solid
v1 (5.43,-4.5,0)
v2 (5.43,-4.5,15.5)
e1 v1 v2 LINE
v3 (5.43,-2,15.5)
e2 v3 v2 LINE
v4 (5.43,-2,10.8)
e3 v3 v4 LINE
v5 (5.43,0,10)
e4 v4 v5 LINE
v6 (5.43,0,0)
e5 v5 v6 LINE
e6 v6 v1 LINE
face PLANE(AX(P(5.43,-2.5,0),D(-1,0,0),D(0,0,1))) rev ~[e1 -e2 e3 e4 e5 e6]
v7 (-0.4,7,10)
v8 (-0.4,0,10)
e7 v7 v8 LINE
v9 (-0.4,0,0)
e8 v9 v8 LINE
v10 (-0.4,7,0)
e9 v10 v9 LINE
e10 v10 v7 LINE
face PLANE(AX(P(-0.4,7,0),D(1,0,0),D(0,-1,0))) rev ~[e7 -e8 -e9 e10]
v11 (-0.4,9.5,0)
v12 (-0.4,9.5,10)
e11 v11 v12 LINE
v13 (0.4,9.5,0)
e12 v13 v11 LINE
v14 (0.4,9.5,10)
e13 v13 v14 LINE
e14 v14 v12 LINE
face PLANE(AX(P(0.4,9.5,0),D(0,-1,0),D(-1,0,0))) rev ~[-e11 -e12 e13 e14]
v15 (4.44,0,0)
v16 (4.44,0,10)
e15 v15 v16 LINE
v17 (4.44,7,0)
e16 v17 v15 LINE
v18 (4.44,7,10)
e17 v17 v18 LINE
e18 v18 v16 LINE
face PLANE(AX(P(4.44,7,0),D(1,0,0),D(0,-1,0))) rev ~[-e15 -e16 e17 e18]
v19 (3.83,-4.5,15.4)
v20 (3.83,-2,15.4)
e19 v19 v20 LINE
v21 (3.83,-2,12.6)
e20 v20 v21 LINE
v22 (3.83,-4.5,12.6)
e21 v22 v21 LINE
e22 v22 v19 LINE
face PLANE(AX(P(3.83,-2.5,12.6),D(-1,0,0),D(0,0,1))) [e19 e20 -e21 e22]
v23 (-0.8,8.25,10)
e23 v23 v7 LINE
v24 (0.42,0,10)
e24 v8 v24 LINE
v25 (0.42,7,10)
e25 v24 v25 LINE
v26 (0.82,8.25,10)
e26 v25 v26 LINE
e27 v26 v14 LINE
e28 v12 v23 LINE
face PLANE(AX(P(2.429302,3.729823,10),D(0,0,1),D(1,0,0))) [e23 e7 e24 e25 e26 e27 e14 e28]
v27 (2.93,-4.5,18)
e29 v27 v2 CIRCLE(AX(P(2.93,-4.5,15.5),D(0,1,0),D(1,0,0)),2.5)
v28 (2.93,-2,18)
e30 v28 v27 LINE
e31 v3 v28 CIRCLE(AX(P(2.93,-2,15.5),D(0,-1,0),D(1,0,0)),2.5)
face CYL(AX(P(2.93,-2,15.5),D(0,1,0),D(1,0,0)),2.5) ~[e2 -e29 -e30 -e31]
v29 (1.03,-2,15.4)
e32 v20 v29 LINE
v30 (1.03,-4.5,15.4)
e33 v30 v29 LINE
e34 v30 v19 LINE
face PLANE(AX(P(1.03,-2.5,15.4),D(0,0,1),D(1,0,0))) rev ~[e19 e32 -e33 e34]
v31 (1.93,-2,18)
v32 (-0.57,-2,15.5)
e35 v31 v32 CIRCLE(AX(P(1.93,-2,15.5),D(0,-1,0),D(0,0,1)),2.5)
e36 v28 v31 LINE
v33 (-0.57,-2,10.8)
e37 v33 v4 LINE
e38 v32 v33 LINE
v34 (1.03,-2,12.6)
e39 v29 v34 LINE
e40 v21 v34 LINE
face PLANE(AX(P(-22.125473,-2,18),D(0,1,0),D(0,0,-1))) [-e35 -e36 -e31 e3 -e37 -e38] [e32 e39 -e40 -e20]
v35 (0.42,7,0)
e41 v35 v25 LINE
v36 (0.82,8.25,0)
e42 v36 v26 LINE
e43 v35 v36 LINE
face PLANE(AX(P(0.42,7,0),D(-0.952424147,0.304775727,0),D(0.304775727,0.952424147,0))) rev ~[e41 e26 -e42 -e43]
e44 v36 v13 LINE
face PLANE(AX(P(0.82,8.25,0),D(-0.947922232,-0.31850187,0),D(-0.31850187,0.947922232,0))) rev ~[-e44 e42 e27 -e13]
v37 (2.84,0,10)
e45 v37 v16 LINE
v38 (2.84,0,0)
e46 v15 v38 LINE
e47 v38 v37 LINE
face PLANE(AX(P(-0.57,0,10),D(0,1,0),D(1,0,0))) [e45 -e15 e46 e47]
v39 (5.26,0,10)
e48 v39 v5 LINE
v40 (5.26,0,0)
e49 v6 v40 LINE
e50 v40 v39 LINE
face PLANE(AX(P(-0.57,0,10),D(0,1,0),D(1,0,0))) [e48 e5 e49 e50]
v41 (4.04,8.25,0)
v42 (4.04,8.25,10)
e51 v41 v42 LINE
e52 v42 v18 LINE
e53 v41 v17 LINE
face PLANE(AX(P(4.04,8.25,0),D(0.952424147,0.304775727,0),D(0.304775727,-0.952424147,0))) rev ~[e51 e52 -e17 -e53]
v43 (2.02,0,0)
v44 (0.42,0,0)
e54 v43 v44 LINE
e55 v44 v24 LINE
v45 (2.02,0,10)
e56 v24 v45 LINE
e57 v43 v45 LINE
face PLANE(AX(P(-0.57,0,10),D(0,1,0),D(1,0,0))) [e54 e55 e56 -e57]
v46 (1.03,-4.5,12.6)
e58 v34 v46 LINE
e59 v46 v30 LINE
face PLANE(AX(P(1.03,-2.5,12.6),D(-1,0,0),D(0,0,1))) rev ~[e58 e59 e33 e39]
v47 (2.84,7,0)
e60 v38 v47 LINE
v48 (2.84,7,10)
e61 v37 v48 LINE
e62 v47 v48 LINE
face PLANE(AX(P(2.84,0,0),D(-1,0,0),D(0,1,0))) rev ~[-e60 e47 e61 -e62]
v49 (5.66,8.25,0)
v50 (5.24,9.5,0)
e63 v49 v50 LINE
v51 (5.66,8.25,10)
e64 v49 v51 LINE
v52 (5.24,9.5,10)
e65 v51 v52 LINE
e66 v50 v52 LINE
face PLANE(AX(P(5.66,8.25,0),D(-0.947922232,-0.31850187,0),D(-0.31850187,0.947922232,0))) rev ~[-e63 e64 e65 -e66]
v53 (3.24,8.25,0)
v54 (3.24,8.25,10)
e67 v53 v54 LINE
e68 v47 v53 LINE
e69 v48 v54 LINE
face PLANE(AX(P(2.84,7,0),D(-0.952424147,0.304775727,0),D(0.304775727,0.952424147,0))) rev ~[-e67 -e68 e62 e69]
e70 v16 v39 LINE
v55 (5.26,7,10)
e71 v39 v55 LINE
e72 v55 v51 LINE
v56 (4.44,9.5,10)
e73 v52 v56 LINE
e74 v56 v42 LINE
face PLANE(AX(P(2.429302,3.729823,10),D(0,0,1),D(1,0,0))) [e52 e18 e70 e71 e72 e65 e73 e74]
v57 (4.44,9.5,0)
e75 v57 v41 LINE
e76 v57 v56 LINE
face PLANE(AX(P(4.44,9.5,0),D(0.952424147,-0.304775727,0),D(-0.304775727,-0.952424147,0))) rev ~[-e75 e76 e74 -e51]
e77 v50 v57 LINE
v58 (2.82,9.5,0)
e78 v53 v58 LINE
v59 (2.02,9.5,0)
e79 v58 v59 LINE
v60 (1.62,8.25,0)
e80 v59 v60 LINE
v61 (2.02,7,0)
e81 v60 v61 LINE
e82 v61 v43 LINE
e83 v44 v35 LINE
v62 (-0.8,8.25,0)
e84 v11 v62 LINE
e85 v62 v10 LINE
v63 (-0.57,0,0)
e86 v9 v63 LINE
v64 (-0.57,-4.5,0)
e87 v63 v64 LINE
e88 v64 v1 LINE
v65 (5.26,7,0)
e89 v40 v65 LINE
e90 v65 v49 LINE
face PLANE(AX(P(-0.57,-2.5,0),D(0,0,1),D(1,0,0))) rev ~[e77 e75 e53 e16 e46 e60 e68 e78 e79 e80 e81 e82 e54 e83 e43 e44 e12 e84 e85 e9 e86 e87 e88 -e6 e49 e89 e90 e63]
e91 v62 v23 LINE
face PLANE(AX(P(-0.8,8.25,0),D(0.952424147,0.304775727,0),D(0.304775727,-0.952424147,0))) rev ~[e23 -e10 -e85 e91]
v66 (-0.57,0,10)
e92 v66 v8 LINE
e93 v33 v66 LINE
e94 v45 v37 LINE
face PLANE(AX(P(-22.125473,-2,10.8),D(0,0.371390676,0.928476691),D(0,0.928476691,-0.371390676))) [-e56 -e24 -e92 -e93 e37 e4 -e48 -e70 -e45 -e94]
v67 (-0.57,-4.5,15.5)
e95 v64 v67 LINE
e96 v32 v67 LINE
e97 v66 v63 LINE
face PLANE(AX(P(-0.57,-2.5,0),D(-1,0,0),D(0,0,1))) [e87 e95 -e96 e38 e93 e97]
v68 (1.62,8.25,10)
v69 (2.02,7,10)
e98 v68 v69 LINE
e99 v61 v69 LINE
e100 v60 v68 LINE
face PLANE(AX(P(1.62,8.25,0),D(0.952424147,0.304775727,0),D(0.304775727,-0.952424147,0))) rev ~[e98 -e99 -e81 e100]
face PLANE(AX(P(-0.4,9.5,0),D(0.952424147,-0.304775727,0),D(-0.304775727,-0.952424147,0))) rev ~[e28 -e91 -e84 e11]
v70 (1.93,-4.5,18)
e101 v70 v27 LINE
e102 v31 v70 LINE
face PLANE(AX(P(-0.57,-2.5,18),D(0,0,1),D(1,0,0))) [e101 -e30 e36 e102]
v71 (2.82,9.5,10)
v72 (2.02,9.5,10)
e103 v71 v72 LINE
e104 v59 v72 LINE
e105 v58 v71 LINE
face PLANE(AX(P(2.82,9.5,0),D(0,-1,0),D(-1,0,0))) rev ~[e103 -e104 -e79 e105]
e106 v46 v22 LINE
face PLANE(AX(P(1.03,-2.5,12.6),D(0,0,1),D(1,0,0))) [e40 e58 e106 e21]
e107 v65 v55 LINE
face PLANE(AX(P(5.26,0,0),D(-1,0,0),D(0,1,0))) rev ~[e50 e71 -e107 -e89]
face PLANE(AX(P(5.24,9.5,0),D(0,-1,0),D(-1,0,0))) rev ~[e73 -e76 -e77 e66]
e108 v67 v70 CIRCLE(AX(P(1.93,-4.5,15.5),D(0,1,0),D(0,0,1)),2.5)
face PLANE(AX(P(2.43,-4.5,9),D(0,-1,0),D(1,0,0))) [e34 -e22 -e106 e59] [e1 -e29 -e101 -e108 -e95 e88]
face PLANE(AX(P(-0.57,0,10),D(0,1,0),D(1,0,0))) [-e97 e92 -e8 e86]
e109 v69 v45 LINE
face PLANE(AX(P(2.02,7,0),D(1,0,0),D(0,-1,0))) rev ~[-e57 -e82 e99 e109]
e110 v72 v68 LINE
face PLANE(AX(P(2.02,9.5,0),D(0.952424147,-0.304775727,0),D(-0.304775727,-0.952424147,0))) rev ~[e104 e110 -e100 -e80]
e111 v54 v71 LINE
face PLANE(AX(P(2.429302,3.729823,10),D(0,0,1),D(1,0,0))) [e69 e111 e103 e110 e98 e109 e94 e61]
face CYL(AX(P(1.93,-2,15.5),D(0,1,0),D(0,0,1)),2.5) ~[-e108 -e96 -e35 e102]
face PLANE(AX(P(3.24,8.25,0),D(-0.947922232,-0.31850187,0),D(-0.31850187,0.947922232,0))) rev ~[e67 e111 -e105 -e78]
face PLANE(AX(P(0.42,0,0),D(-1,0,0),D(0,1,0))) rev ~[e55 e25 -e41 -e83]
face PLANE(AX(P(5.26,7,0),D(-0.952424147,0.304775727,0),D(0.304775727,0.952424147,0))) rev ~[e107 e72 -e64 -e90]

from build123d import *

# Parameters (mm, degrees)
RESSALTO_EXTRUS_O1_DEPTH   = 10
ESBO_O2_W                  = 6
ESBO_O2_H                  = 2.5
RESSALTO_EXTRUS_O2_DEPTH   = 8
ESBO_O3_W                  = 2.8
ESBO_O3_H                  = 2.8
CORTE_EXTRUS_O1_DEPTH      = 23.361475801
ESBO_O4_W                  = 6
ESBO_O4_H                  = 18
ESBO_O4_W_2                = 2.8
ESBO_O4_H_2                = 2.8
RESSALTO_EXTRUS_O3_DEPTH   = 2
CORTE_EXTRUS_O3_DEPTH      = 22.125472776
CORTE_EXTRUS_O3_DEPTH_BACK = 22.125472776
CORTE_EXTRUS_O4_DEPTH      = 23.097185341


with BuildPart() as part:
    # Esboço1 → Ressalto-extrusão1 (new body)
    with BuildSketch(Plane.XY):
        Polygon((-0.4, 0), (-0.57, 0), (-0.57, -2.5), (5.43, -2.5), (5.43, 0), (5.26, 0), (5.26, 7), (5.66, 8.25), (5.24, 9.5), (4.44, 9.5), (4.04, 8.25), (4.44, 7), (4.44, 0), (2.84, 0), (2.84, 7), (3.24, 8.25), (2.82, 9.5), (2.02, 9.5), (1.62, 8.25), (2.02, 7), (2.02, 0), (0.42, 0), (0.42, 7), (0.82, 8.25), (0.4, 9.5), (-0.4, 9.5), (-0.8, 8.25), (-0.4, 7), align=None)
    extrude(amount=RESSALTO_EXTRUS_O1_DEPTH)

    # Esboço2 → Ressalto-extrusão2 (add)
    with BuildSketch(Plane.XY.offset(10)):
        with Locations((2.43, -1.25)):
            Rectangle(ESBO_O2_W, ESBO_O2_H)
    extrude(amount=RESSALTO_EXTRUS_O2_DEPTH)

    # Esboço3 → Corte-extrusão1 (cut, through all)
    with BuildSketch(Plane.XZ.offset(2.5)):
        with Locations((2.43, 14)):
            Rectangle(ESBO_O3_W, ESBO_O3_H)
    extrude(amount=-CORTE_EXTRUS_O1_DEPTH, mode=Mode.SUBTRACT)

    # Esboço4 → Ressalto-extrusão3 (add)
    with BuildSketch(Plane.XZ.offset(2.5)):
        with Locations((2.43, 9)):
            Rectangle(ESBO_O4_W, ESBO_O4_H)
        with Locations((2.43, 14)):
            Rectangle(ESBO_O4_W_2, ESBO_O4_H_2, mode=Mode.SUBTRACT)
    extrude(amount=RESSALTO_EXTRUS_O3_DEPTH)

    # Esboço6 → Corte-extrusão3 (cut, two sides: drawn at the far end of the back side and taken through both)
    with BuildSketch(Plane(origin=(0, 0, 0), x_dir=(0, 0, -1), z_dir=(1, 0, 0)).offset(-CORTE_EXTRUS_O3_DEPTH_BACK)):
        Polygon((-18, 0), (-18, -2), (-14, -2), (-10.8, -2), (-10, 0), align=None)
    extrude(amount=CORTE_EXTRUS_O3_DEPTH + CORTE_EXTRUS_O3_DEPTH_BACK, mode=Mode.SUBTRACT)

    # Esboço7 → Corte-extrusão4 (cut, through all)
    with BuildSketch(Plane(origin=(0, -2, 0), x_dir=(1, 0, 0), z_dir=(0, 1, 0))):
        with BuildLine():
            Line((-0.57, -15.5), (-3.321312229, -15.5))
            Line((-3.321312229, -15.5), (-3.321312229, -18.857639181))
            Line((-3.321312229, -18.857639181), (8.546861735, -18.857639181))
            Line((8.546861735, -18.857639181), (8.546861735, -15.5))
            Line((8.546861735, -15.5), (5.43, -15.5))
            ThreePointArc((5.43, -15.5), (4.697766953, -17.267766953), (2.93, -18))
            Line((2.93, -18), (1.93, -18))
            ThreePointArc((1.93, -18), (0.162233047, -17.267766953), (-0.57, -15.5))
        make_face()
    extrude(amount=-CORTE_EXTRUS_O4_DEPTH, mode=Mode.SUBTRACT)


solid = part.part
